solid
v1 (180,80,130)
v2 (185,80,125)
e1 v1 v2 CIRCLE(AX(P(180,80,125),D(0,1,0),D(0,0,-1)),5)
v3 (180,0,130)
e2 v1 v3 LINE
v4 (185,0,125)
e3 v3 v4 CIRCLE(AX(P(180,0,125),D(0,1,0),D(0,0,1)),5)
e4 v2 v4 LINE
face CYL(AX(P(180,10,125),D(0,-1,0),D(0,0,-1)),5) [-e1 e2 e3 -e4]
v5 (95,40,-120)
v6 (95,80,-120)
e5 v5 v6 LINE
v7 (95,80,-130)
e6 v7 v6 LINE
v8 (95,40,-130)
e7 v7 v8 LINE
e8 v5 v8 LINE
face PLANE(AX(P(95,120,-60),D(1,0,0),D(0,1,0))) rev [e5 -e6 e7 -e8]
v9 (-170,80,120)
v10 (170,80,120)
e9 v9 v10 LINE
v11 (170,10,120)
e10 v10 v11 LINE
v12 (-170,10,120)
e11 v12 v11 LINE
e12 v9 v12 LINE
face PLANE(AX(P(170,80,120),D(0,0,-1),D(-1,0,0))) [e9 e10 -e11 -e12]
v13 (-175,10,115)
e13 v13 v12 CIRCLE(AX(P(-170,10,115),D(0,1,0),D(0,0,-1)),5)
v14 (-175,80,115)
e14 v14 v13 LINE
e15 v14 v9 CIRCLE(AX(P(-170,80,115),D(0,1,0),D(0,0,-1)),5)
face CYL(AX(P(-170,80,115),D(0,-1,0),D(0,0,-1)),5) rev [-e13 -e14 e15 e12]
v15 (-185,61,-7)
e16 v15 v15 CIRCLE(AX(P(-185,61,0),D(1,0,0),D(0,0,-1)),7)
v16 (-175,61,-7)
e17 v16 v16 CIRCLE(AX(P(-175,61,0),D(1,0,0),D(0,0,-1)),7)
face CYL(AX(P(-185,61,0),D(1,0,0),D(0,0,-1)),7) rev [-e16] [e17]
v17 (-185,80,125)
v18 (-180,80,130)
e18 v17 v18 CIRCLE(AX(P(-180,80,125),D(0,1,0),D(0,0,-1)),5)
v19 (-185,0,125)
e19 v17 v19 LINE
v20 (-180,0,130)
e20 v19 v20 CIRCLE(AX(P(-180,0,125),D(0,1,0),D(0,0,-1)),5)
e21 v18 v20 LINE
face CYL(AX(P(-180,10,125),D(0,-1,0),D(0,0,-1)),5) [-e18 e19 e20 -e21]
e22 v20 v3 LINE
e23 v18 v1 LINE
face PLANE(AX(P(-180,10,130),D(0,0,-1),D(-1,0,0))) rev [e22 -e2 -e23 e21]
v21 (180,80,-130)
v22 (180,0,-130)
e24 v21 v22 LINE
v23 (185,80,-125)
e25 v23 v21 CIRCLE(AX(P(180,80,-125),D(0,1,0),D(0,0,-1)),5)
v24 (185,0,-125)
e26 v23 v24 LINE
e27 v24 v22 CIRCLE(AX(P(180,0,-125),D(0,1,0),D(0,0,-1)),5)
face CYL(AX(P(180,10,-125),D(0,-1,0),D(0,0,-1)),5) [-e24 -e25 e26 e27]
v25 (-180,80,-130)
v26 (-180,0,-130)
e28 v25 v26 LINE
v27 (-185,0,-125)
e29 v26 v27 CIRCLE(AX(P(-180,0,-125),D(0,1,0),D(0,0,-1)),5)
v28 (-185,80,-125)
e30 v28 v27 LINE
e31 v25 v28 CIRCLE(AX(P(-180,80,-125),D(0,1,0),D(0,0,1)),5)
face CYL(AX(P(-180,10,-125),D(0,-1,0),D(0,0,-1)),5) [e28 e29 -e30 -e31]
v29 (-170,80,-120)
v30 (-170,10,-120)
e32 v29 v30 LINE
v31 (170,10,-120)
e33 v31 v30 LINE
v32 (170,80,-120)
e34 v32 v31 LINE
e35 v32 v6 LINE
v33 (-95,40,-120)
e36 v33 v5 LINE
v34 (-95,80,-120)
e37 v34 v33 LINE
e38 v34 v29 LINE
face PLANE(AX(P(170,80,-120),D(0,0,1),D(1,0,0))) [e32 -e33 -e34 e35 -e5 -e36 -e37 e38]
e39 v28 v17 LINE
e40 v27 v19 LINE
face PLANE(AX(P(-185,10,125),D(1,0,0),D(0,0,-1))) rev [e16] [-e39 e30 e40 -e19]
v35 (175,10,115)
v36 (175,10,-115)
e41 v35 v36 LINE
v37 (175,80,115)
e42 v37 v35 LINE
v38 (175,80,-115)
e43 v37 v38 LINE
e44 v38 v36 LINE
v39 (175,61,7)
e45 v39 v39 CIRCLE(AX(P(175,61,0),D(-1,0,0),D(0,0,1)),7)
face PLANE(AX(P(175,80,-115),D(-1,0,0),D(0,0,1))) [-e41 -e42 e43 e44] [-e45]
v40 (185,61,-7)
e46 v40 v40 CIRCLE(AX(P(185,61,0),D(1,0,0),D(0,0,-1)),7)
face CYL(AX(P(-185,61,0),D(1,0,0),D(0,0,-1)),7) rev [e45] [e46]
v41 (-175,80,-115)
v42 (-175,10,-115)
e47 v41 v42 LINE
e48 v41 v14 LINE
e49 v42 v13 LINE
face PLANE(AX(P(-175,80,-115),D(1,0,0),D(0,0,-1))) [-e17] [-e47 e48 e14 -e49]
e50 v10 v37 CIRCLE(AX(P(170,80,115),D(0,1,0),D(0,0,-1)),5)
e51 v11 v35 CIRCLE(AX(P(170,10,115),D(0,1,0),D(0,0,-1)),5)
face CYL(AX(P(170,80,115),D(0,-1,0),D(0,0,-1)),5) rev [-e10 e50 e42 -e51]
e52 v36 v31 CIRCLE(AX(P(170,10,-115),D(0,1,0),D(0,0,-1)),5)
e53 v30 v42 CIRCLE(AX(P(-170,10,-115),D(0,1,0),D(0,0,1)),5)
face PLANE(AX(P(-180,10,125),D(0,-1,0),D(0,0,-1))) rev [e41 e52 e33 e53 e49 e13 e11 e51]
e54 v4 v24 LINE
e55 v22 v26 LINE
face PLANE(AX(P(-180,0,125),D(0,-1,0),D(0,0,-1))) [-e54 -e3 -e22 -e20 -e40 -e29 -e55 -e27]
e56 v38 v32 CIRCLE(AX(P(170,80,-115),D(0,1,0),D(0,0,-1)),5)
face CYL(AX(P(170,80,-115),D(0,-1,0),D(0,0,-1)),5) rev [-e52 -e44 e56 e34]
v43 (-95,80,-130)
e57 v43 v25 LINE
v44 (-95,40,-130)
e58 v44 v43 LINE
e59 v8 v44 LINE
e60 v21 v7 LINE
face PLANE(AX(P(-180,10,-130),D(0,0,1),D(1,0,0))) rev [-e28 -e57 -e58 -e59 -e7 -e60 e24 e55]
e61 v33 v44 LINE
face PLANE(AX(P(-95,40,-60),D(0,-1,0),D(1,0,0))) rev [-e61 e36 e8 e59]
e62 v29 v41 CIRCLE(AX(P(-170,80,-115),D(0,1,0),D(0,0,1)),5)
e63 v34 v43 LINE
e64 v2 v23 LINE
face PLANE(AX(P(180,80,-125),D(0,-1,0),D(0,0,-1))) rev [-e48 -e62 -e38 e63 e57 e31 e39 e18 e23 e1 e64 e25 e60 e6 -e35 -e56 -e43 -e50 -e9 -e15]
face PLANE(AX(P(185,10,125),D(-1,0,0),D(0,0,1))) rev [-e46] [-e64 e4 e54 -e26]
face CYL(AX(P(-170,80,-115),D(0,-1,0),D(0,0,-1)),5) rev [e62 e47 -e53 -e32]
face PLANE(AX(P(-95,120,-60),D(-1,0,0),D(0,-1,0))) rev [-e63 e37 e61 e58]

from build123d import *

# Parameters (mm, degrees)
BOSS_EXTRUDE1_DEPTH = 10
BOSS_EXTRUDE2_DEPTH = 70
SKETCH5_W           = 190
SKETCH5_H           = 80
CUT_EXTRUDE1_DEPTH  = 70
SKETCH6_R           = 7
CUT_EXTRUDE2_DEPTH  = 401.249921924


with BuildPart() as part:
    # Sketch2 → Boss-Extrude1 (new body)
    with BuildSketch(Plane(origin=(0, 0, 0), x_dir=(1, 0, 0), z_dir=(0, 1, 0))):
        with BuildLine():
            Line((-180, -130), (180, -130))
            ThreePointArc((180, -130), (183.535533906, -128.535533906), (185, -125))
            Line((185, -125), (185, 125))
            ThreePointArc((185, 125), (183.535533906, 128.535533906), (180, 130))
            Line((180, 130), (-180, 130))
            ThreePointArc((-180, 130), (-183.535533906, 128.535533906), (-185, 125))
            Line((-185, 125), (-185, -125))
            ThreePointArc((-185, -125), (-183.535533906, -128.535533906), (-180, -130))
        make_face()
    extrude(amount=BOSS_EXTRUDE1_DEPTH)

    # Sketch3 → Boss-Extrude2 (add)
    with BuildSketch(Plane(origin=(0, 10, 0), x_dir=(1, 0, 0), z_dir=(0, 1, 0))):
        with BuildLine():
            Line((180, 130), (-180, 130))
            ThreePointArc((-180, 130), (-183.535533906, 128.535533906), (-185, 125))
            Line((-185, 125), (-185, -125))
            ThreePointArc((-185, -125), (-183.535533906, -128.535533906), (-180, -130))
            Line((-180, -130), (180, -130))
            ThreePointArc((180, -130), (183.535533906, -128.535533906), (185, -125))
            Line((185, -125), (185, 125))
            ThreePointArc((185, 125), (183.535533906, 128.535533906), (180, 130))
        make_face()
        with BuildLine():
            Line((170, 120), (-170, 120))
            ThreePointArc((-170, 120), (-173.535533906, 118.535533906), (-175, 115))
            Line((-175, 115), (-175, -115))
            ThreePointArc((-175, -115), (-173.535533906, -118.535533906), (-170, -120))
            Line((-170, -120), (170, -120))
            ThreePointArc((170, -120), (173.535533906, -118.535533906), (175, -115))
            Line((175, -115), (175, 115))
            ThreePointArc((175, 115), (173.535533906, 118.535533906), (170, 120))
        make_face(mode=Mode.SUBTRACT)
    extrude(amount=BOSS_EXTRUDE2_DEPTH)

    # Sketch5 → Cut-Extrude1 (cut)
    with BuildSketch(Plane(origin=(0, 0, -130), x_dir=(-1, 0, 0), z_dir=(0, 0, -1))):
        with Locations((0, 80)):
            Rectangle(SKETCH5_W, SKETCH5_H)
    extrude(amount=-CUT_EXTRUDE1_DEPTH, mode=Mode.SUBTRACT)

    # Sketch6 → Cut-Extrude2 (cut, through all)
    with BuildSketch(Plane(origin=(185, 0, 0), x_dir=(0, 0, -1), z_dir=(1, 0, 0))):
        with Locations((0, 61)):
            Circle(SKETCH6_R)
    extrude(amount=-CUT_EXTRUDE2_DEPTH, mode=Mode.SUBTRACT)


solid = part.part
